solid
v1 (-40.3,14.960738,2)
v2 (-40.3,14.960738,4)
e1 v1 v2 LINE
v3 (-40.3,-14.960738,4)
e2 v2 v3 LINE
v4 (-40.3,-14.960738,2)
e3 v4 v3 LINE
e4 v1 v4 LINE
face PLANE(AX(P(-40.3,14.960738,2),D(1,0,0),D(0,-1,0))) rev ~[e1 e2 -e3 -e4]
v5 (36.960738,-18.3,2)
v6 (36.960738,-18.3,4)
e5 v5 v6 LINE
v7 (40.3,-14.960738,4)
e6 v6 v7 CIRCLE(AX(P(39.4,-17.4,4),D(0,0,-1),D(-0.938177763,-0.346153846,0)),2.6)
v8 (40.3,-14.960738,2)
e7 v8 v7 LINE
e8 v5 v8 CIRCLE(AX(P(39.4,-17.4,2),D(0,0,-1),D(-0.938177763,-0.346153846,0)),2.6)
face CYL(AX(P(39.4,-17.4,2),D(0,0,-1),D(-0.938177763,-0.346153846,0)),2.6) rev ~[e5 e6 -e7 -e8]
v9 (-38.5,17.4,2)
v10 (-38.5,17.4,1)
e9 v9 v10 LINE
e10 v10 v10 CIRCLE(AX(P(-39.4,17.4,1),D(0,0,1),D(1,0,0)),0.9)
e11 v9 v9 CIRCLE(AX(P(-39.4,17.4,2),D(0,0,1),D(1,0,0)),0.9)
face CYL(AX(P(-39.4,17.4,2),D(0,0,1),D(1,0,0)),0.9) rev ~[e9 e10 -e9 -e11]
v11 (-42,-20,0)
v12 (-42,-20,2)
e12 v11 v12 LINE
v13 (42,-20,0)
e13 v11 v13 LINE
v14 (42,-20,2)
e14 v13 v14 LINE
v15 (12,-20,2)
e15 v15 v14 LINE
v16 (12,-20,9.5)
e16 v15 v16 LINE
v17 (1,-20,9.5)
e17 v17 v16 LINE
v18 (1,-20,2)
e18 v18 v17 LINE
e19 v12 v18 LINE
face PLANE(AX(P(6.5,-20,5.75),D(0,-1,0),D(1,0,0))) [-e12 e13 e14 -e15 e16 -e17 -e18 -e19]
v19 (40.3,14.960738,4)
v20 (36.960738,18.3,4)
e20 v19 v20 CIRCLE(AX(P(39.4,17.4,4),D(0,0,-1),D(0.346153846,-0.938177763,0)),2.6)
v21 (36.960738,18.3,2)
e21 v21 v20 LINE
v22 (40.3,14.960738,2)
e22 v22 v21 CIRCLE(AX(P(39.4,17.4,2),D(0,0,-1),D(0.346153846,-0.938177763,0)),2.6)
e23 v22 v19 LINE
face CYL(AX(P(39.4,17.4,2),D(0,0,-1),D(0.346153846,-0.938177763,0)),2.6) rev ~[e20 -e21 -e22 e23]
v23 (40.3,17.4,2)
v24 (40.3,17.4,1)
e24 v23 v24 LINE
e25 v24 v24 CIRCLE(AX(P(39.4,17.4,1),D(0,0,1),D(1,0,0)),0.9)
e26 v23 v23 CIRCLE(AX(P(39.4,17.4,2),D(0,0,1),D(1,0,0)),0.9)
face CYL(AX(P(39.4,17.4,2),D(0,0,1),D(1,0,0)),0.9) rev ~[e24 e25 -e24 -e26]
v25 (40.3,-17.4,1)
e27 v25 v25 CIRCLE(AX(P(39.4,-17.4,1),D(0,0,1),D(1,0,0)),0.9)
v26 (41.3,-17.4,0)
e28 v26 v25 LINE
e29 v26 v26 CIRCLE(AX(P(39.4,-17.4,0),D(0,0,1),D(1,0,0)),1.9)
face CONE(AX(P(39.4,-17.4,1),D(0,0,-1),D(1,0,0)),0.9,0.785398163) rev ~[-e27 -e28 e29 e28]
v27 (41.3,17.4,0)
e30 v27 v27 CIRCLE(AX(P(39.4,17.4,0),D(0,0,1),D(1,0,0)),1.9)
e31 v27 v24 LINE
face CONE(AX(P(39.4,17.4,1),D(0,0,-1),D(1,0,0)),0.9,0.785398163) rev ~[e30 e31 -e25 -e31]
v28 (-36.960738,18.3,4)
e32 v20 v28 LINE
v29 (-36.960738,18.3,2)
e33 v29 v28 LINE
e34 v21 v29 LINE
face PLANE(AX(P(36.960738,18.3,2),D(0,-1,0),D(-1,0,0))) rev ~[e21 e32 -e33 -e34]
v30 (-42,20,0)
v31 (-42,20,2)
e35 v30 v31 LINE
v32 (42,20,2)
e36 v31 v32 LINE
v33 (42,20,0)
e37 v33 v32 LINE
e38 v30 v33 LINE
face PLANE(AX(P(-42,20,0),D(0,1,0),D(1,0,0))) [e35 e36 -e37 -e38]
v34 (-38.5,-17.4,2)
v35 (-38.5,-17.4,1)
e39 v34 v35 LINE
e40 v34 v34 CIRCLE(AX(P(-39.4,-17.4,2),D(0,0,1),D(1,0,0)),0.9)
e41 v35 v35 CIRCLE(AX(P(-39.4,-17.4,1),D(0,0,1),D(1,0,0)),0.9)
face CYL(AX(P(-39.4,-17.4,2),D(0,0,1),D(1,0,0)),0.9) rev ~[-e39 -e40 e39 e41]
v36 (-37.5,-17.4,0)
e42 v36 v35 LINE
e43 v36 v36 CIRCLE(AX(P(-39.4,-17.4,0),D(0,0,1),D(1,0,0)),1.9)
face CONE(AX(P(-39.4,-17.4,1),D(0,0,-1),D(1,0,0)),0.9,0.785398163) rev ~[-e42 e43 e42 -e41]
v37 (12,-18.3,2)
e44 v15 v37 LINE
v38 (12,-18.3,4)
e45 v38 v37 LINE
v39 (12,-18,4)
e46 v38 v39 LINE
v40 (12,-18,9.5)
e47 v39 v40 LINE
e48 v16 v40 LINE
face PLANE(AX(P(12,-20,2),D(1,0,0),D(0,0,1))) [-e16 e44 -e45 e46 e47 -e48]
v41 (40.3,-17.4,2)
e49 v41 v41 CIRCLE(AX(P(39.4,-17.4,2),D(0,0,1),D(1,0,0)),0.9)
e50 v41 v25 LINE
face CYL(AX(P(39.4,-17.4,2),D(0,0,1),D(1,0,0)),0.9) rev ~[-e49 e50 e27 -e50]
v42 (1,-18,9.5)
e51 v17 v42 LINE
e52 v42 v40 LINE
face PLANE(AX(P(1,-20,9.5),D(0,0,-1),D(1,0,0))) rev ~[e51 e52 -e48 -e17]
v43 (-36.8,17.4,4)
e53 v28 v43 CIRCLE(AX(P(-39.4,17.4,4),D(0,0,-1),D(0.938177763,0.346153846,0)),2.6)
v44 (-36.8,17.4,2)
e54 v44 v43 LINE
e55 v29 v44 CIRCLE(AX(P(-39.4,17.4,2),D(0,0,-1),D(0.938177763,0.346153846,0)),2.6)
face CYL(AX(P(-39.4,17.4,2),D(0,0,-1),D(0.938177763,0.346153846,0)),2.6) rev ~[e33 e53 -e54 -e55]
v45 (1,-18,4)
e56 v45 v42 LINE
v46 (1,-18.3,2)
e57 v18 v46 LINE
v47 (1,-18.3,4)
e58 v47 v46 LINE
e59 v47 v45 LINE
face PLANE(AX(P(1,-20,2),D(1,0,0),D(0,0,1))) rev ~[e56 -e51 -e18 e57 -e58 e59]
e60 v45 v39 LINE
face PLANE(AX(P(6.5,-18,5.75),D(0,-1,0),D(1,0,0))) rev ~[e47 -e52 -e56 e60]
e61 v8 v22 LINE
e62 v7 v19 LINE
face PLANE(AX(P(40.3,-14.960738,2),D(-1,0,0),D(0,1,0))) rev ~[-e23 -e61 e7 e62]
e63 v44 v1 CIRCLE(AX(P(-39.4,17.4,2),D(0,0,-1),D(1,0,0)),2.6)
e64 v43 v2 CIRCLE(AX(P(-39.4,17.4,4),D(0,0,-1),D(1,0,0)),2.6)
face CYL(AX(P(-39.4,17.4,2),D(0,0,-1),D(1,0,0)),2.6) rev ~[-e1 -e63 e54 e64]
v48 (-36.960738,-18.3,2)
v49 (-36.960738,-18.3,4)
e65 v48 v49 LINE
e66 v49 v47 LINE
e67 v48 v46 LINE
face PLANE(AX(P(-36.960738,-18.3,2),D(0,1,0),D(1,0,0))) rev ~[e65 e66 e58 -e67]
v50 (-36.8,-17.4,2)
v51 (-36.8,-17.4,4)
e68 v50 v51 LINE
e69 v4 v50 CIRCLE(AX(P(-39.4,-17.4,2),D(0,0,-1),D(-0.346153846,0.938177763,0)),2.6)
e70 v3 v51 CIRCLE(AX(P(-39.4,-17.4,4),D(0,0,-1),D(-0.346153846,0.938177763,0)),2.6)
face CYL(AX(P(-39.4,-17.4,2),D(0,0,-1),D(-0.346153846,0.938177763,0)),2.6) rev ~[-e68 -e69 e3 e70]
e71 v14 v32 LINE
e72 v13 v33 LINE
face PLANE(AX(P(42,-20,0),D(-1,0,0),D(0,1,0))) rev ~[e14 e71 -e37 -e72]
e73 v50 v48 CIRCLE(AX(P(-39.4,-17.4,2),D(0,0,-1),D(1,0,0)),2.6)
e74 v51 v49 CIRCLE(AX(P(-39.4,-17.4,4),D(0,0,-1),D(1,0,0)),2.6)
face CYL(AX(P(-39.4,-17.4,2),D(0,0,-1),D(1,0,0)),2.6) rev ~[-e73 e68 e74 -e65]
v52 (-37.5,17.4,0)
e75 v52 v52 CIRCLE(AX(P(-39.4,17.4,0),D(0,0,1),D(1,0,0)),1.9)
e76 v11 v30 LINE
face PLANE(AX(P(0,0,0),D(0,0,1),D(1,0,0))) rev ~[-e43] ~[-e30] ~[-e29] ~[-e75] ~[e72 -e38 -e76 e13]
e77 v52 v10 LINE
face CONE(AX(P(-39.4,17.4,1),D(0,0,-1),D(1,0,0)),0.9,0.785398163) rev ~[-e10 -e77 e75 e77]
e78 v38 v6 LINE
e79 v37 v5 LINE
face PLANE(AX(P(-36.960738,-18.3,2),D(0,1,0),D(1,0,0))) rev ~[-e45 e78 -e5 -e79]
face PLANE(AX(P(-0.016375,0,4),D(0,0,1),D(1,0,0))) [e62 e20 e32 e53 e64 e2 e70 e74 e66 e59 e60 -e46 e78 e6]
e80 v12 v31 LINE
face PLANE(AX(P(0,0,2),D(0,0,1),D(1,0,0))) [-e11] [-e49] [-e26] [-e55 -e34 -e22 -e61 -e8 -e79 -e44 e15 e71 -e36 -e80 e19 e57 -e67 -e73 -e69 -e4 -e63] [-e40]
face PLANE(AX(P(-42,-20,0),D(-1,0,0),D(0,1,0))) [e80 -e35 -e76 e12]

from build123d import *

# Parameters (mm, degrees)
F0_W     = 84
F0_H     = 40
F1_DEPTH = 2
F3_DEPTH = 2
F4_R     = 0.9
F6_DEPTH = 2.001
F7_SIZE  = 1
F5_W     = 11
F5_H     = 7.5
F8_DEPTH = 2


with BuildPart() as f1:
    # F0 (on Top) → F1 (new body)
    with BuildSketch(Plane.XY):
        Rectangle(F0_W, F0_H)
    extrude(amount=F1_DEPTH)

    # F2 (on face) → F3 (join)
    with BuildSketch(Plane.XY.offset(2)):
        with BuildLine():
            Line((-36.9607378165, -18.3), (36.9607378165, -18.3))
            ThreePointArc((36.9607378165, -18.3), (37.5615223689, -15.5615223689), (40.3, -14.9607378165))
            Line((40.3, -14.9607378165), (40.3, 14.9607378165))
            ThreePointArc((40.3, 14.9607378165), (37.5615223689, 15.5615223689), (36.9607378165, 18.3))
            Line((36.9607378165, 18.3), (-36.9607378165, 18.3))
            ThreePointArc((-36.9607378165, 18.3), (-36.840499885, 17.8571205108), (-36.8, 17.4))
            ThreePointArc((-36.8, 17.4), (-37.9133931253, 15.2669270992), (-40.3, 14.9607378165))
            Line((-40.3, 14.9607378165), (-40.3, -14.9607378165))
            ThreePointArc((-40.3, -14.9607378165), (-37.9133931253, -15.2669270992), (-36.8, -17.4))
            ThreePointArc((-36.8, -17.4), (-36.840499885, -17.8571205108), (-36.9607378165, -18.3))
        make_face()
    extrude(amount=F3_DEPTH)

    # F4 (on face) → F6 (cut, through all)
    with BuildSketch(Plane.XY.offset(2)):
        with Locations((-39.4, 17.4)):
            Circle(F4_R)
        with Locations((-39.4, -17.4)):
            Circle(F4_R)
        with Locations((39.4, -17.4)):
            Circle(F4_R)
        with Locations((39.4, 17.4)):
            Circle(F4_R)
    extrude(amount=-F6_DEPTH, mode=Mode.SUBTRACT)

    # F7
    f7_edges = [f1.edges().sort_by_distance(p)[0] for p in [
        (-40.3, 17.4, 0),
        (-40.3, -17.4, 0),
        (38.5, -17.4, 0),
        (38.5, 17.4, 0),
    ]]
    chamfer(f7_edges, length=F7_SIZE)

    # F5 (on face) → F8 (join)
    with BuildSketch(Plane.XZ.offset(20)):
        with Locations((6.5, 5.75)):
            Rectangle(F5_W, F5_H)
    extrude(amount=-F8_DEPTH)


solid = f1.part
